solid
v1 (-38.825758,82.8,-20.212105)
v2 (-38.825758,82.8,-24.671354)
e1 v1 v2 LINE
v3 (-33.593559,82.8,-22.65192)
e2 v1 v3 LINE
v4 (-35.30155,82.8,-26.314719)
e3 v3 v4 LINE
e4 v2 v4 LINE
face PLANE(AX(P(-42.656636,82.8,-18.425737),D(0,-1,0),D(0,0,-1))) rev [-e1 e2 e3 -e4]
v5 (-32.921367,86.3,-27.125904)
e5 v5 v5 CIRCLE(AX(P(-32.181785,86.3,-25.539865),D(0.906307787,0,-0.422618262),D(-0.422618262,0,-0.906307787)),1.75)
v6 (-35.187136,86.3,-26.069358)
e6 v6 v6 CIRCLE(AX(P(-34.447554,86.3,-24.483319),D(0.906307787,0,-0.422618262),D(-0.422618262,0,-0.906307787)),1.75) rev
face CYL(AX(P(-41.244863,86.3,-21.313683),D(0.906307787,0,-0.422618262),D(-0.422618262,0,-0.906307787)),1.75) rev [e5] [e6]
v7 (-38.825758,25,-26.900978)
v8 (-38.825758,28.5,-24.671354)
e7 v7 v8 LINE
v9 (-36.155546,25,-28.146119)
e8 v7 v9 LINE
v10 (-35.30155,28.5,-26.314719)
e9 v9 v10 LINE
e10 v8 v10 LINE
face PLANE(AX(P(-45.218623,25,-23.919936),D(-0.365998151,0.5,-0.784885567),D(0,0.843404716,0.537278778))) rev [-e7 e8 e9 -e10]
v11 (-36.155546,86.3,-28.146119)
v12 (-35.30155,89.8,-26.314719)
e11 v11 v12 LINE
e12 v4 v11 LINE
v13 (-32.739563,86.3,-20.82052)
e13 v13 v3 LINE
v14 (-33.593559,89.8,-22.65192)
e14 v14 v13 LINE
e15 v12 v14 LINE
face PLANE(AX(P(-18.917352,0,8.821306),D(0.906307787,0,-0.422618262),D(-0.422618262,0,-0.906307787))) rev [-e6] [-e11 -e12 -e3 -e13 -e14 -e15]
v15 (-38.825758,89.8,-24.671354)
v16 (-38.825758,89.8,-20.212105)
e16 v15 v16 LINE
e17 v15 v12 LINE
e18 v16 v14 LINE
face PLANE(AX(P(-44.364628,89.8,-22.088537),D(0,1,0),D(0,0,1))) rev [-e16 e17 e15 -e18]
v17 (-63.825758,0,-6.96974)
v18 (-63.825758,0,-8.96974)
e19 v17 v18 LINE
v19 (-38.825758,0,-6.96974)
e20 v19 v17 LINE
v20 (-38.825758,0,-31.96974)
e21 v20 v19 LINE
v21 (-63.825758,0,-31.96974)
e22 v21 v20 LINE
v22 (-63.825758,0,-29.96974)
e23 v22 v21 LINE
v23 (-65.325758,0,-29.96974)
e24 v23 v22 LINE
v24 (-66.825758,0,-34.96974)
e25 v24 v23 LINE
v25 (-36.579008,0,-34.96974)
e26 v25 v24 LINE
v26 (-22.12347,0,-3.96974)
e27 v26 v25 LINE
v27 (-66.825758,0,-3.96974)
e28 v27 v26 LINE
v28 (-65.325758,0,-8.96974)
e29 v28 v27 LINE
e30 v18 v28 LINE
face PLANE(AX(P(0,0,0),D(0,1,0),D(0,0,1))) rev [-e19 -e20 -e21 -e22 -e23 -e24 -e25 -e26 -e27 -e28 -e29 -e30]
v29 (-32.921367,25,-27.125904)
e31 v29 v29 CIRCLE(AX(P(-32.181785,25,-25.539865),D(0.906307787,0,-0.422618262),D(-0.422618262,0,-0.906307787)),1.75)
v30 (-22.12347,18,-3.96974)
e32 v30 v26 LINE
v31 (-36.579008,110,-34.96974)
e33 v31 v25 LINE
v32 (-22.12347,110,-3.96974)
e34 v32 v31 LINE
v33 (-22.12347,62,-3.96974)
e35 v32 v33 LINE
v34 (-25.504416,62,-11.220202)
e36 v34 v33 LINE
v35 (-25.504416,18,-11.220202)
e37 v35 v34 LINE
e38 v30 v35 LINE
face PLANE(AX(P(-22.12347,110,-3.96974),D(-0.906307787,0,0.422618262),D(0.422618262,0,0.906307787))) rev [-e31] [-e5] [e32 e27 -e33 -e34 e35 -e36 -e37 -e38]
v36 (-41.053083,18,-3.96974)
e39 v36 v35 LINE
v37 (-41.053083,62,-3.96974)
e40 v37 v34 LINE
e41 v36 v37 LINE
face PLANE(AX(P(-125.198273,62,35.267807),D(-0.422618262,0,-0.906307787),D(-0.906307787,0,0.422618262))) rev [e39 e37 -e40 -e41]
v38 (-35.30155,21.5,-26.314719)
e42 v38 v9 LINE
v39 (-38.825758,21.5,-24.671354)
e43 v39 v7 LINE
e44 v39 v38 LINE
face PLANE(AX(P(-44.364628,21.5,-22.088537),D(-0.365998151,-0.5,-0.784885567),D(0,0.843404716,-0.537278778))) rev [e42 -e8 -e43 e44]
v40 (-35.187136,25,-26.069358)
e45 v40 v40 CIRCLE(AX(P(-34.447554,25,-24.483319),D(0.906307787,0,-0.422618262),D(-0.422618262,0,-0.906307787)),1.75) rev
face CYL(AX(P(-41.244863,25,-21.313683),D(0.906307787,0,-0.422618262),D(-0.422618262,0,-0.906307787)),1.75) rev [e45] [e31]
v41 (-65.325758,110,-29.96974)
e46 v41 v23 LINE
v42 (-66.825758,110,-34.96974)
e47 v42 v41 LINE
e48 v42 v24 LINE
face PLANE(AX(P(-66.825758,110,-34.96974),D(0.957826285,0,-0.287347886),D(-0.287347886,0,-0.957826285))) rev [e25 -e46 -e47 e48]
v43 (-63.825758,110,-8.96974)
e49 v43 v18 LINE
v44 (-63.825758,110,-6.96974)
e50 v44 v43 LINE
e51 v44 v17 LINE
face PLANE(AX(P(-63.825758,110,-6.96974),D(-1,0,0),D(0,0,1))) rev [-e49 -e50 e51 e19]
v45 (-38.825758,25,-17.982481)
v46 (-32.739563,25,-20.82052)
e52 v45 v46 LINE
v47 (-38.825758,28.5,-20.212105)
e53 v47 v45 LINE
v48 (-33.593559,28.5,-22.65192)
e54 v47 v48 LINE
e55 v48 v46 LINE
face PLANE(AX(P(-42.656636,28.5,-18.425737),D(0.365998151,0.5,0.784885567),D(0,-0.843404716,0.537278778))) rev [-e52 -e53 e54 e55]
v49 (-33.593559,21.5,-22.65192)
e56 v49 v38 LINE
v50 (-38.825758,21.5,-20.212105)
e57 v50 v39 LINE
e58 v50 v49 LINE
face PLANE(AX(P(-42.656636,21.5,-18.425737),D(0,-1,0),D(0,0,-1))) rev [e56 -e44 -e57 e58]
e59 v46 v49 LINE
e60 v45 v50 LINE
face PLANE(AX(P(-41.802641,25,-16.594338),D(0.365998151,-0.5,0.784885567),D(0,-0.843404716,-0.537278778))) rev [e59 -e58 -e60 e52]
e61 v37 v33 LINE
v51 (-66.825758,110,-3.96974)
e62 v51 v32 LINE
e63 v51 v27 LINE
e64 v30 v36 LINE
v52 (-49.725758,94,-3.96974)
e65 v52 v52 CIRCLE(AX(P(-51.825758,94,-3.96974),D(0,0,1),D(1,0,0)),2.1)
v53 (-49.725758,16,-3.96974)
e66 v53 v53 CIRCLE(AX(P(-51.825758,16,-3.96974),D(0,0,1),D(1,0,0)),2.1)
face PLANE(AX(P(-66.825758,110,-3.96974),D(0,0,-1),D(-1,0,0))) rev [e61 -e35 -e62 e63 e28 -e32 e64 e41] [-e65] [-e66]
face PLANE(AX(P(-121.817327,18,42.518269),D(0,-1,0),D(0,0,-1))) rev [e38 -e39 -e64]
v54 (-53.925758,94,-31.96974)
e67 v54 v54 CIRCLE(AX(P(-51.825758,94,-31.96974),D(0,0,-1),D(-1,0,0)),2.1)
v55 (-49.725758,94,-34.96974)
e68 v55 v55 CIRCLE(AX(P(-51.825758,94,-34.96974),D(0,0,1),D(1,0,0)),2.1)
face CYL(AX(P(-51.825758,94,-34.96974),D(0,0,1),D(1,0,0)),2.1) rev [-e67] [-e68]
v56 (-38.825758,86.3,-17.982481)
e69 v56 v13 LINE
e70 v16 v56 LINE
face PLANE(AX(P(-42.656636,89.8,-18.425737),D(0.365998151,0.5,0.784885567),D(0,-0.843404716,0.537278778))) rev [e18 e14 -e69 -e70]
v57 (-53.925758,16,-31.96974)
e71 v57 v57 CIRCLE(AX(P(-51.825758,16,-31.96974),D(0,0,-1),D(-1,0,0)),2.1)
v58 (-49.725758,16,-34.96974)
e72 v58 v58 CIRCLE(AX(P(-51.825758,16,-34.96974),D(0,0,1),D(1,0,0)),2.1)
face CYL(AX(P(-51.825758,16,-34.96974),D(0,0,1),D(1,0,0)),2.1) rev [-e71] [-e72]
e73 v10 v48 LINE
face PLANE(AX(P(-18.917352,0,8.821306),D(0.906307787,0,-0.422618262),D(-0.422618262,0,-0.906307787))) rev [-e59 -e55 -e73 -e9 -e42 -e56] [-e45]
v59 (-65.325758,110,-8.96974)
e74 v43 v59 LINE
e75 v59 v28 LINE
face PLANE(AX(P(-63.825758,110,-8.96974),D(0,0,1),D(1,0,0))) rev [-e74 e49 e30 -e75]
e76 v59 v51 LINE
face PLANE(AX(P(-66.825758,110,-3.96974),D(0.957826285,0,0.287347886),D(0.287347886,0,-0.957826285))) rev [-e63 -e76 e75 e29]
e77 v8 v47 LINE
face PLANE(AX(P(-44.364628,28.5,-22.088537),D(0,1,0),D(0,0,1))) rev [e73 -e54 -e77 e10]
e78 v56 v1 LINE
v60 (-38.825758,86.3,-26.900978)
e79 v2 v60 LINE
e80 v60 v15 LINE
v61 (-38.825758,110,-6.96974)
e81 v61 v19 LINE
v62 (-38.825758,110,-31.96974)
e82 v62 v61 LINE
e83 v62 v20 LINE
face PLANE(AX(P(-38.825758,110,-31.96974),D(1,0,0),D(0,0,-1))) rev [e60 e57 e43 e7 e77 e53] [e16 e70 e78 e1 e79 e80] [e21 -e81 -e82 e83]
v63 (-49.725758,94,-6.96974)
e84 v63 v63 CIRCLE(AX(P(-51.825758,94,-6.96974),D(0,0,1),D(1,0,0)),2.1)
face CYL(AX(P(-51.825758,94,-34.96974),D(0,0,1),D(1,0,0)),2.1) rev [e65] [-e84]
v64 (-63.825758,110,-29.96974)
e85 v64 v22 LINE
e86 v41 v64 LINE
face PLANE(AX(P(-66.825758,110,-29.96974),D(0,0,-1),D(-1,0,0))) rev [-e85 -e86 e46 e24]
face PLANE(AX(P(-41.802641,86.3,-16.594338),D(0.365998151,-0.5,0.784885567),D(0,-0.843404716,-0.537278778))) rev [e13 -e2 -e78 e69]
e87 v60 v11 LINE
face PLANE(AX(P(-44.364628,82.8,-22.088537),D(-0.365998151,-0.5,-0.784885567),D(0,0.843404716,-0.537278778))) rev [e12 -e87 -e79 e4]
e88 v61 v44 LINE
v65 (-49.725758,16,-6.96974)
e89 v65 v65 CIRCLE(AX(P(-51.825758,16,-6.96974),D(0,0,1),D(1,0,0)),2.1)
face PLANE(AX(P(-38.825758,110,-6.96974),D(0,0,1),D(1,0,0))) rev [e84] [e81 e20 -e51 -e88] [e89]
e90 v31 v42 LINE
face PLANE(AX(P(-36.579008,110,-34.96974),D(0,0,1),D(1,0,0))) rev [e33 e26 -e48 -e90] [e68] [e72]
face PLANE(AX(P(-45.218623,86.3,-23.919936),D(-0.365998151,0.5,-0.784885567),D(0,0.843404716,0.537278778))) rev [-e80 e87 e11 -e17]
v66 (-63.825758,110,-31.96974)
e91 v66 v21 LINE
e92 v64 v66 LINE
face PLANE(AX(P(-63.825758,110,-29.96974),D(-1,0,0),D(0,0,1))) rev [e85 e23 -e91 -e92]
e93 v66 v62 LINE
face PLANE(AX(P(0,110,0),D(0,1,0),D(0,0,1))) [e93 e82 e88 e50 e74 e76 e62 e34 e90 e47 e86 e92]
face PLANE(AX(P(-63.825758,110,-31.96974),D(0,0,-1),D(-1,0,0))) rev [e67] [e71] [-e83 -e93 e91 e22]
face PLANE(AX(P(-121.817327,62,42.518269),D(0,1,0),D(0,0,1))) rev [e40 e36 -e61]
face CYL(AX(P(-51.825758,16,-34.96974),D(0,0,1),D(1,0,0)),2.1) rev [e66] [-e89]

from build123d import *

# Parameters (mm, degrees)
EXTRUDE_1_DEPTH      = 110
SKETCH_2_W           = 8
SKETCH_2_H           = 44
CUT_EXTRUDE_3_DEPTH  = 110
CUT_EXTRUDE_4_DEPTH  = 134.373777696
SKETCH_4_R           = 1.75
CUT_EXTRUDE_6_DEPTH  = 10
CUT_EXTRUDE_START    = -2.5
CUT_EXTRUDE_11_DEPTH = 10
SKETCH_6_R           = 2.1
CUT_EXTRUDE_13_DEPTH = 133.388375153


with BuildPart() as part:
    # Эскиз1 → Бобышка-Вытянуть1 (new body)
    with BuildSketch(Plane(origin=(0, 0, 0), x_dir=(1, 0, 0), z_dir=(0, 1, 0))):
        Polygon((-66.825757576, 34.969739794), (-66.825757576, 29.969739794), (-63.825757576, 29.969739794), (-63.825757576, 31.969739794), (-38.825757576, 31.969739794), (-38.825757576, 6.969739794), (-63.825757576, 6.969739794), (-63.825757576, 8.969739794), (-66.825757576, 8.969739794), (-66.825757576, 3.969739794), (-22.123470102, 3.969739794), (-36.579007505, 34.969739794), align=None)
    extrude(amount=EXTRUDE_1_DEPTH)

    # Эскиз2 → Вырез-Вытянуть3 (cut)
    with BuildSketch(Plane(origin=(-16.651582729, 0, 7.764760547), x_dir=(-0.42261826174069383, 0, -0.9063077870366526), z_dir=(0.9063077870366527, 0, -0.4226182617406939))):
        with Locations((16.947588566, 40)):
            Rectangle(SKETCH_2_W, SKETCH_2_H)
    extrude(amount=-CUT_EXTRUDE_3_DEPTH, mode=Mode.SUBTRACT)

    # Эскиз3 → Вырез-Вытянуть4 (cut, through all)
    with BuildSketch(Plane.XZ):
        Polygon((-66.825757576, -3.969739794), (-65.325757576, -8.969739794), (-66.825757576, -8.969739794), align=None)
        Polygon((-66.825757576, -29.969739794), (-66.825757576, -34.969739794), (-65.325757576, -29.969739794), align=None)
    extrude(amount=-CUT_EXTRUDE_4_DEPTH, mode=Mode.SUBTRACT)

    # Эскиз4 → Вырез-Вытянуть6 (cut)
    with BuildSketch(Plane(origin=(-16.651582729, 0, 7.764760547), x_dir=(-0.42261826174069383, 0, -0.9063077870366526), z_dir=(0.9063077870366527, 0, -0.4226182617406939))):
        with Locations((36.747588566, 86.3)):
            Circle(SKETCH_4_R)
        with Locations((36.747588566, 25)):
            Circle(SKETCH_4_R)
    extrude(amount=-CUT_EXTRUDE_6_DEPTH, mode=Mode.SUBTRACT)

    # Эскиз5 → Вырез-Вытянуть11 (cut)
    with BuildSketch(Plane(origin=(-16.651582729, 0, 7.764760547), x_dir=(-0.42261826174069383, 0, -0.9063077870366526), z_dir=(0.9063077870366527, 0, -0.4226182617406939)).offset(CUT_EXTRUDE_START)):
        Polygon((40.78904045, 86.3), (38.768314508, 89.8), (34.726862624, 89.8), (32.706136682, 86.3), (34.726862624, 82.8), (38.768314508, 82.8), align=None)
        Polygon((40.78904045, 25), (38.768314508, 28.5), (34.726862624, 28.5), (32.706136682, 25), (34.726862624, 21.5), (38.768314508, 21.5), align=None)
    extrude(amount=-CUT_EXTRUDE_11_DEPTH, mode=Mode.SUBTRACT)

    # Эскиз6 → Вырез-Вытянуть13 (cut, through all)
    with BuildSketch(Plane.XY.offset(-3.969739794)):
        with Locations((-51.825757576, 94)):
            Circle(SKETCH_6_R)
        with Locations((-51.825757576, 16)):
            Circle(SKETCH_6_R)
    extrude(amount=-CUT_EXTRUDE_13_DEPTH, mode=Mode.SUBTRACT)


solid = part.part
